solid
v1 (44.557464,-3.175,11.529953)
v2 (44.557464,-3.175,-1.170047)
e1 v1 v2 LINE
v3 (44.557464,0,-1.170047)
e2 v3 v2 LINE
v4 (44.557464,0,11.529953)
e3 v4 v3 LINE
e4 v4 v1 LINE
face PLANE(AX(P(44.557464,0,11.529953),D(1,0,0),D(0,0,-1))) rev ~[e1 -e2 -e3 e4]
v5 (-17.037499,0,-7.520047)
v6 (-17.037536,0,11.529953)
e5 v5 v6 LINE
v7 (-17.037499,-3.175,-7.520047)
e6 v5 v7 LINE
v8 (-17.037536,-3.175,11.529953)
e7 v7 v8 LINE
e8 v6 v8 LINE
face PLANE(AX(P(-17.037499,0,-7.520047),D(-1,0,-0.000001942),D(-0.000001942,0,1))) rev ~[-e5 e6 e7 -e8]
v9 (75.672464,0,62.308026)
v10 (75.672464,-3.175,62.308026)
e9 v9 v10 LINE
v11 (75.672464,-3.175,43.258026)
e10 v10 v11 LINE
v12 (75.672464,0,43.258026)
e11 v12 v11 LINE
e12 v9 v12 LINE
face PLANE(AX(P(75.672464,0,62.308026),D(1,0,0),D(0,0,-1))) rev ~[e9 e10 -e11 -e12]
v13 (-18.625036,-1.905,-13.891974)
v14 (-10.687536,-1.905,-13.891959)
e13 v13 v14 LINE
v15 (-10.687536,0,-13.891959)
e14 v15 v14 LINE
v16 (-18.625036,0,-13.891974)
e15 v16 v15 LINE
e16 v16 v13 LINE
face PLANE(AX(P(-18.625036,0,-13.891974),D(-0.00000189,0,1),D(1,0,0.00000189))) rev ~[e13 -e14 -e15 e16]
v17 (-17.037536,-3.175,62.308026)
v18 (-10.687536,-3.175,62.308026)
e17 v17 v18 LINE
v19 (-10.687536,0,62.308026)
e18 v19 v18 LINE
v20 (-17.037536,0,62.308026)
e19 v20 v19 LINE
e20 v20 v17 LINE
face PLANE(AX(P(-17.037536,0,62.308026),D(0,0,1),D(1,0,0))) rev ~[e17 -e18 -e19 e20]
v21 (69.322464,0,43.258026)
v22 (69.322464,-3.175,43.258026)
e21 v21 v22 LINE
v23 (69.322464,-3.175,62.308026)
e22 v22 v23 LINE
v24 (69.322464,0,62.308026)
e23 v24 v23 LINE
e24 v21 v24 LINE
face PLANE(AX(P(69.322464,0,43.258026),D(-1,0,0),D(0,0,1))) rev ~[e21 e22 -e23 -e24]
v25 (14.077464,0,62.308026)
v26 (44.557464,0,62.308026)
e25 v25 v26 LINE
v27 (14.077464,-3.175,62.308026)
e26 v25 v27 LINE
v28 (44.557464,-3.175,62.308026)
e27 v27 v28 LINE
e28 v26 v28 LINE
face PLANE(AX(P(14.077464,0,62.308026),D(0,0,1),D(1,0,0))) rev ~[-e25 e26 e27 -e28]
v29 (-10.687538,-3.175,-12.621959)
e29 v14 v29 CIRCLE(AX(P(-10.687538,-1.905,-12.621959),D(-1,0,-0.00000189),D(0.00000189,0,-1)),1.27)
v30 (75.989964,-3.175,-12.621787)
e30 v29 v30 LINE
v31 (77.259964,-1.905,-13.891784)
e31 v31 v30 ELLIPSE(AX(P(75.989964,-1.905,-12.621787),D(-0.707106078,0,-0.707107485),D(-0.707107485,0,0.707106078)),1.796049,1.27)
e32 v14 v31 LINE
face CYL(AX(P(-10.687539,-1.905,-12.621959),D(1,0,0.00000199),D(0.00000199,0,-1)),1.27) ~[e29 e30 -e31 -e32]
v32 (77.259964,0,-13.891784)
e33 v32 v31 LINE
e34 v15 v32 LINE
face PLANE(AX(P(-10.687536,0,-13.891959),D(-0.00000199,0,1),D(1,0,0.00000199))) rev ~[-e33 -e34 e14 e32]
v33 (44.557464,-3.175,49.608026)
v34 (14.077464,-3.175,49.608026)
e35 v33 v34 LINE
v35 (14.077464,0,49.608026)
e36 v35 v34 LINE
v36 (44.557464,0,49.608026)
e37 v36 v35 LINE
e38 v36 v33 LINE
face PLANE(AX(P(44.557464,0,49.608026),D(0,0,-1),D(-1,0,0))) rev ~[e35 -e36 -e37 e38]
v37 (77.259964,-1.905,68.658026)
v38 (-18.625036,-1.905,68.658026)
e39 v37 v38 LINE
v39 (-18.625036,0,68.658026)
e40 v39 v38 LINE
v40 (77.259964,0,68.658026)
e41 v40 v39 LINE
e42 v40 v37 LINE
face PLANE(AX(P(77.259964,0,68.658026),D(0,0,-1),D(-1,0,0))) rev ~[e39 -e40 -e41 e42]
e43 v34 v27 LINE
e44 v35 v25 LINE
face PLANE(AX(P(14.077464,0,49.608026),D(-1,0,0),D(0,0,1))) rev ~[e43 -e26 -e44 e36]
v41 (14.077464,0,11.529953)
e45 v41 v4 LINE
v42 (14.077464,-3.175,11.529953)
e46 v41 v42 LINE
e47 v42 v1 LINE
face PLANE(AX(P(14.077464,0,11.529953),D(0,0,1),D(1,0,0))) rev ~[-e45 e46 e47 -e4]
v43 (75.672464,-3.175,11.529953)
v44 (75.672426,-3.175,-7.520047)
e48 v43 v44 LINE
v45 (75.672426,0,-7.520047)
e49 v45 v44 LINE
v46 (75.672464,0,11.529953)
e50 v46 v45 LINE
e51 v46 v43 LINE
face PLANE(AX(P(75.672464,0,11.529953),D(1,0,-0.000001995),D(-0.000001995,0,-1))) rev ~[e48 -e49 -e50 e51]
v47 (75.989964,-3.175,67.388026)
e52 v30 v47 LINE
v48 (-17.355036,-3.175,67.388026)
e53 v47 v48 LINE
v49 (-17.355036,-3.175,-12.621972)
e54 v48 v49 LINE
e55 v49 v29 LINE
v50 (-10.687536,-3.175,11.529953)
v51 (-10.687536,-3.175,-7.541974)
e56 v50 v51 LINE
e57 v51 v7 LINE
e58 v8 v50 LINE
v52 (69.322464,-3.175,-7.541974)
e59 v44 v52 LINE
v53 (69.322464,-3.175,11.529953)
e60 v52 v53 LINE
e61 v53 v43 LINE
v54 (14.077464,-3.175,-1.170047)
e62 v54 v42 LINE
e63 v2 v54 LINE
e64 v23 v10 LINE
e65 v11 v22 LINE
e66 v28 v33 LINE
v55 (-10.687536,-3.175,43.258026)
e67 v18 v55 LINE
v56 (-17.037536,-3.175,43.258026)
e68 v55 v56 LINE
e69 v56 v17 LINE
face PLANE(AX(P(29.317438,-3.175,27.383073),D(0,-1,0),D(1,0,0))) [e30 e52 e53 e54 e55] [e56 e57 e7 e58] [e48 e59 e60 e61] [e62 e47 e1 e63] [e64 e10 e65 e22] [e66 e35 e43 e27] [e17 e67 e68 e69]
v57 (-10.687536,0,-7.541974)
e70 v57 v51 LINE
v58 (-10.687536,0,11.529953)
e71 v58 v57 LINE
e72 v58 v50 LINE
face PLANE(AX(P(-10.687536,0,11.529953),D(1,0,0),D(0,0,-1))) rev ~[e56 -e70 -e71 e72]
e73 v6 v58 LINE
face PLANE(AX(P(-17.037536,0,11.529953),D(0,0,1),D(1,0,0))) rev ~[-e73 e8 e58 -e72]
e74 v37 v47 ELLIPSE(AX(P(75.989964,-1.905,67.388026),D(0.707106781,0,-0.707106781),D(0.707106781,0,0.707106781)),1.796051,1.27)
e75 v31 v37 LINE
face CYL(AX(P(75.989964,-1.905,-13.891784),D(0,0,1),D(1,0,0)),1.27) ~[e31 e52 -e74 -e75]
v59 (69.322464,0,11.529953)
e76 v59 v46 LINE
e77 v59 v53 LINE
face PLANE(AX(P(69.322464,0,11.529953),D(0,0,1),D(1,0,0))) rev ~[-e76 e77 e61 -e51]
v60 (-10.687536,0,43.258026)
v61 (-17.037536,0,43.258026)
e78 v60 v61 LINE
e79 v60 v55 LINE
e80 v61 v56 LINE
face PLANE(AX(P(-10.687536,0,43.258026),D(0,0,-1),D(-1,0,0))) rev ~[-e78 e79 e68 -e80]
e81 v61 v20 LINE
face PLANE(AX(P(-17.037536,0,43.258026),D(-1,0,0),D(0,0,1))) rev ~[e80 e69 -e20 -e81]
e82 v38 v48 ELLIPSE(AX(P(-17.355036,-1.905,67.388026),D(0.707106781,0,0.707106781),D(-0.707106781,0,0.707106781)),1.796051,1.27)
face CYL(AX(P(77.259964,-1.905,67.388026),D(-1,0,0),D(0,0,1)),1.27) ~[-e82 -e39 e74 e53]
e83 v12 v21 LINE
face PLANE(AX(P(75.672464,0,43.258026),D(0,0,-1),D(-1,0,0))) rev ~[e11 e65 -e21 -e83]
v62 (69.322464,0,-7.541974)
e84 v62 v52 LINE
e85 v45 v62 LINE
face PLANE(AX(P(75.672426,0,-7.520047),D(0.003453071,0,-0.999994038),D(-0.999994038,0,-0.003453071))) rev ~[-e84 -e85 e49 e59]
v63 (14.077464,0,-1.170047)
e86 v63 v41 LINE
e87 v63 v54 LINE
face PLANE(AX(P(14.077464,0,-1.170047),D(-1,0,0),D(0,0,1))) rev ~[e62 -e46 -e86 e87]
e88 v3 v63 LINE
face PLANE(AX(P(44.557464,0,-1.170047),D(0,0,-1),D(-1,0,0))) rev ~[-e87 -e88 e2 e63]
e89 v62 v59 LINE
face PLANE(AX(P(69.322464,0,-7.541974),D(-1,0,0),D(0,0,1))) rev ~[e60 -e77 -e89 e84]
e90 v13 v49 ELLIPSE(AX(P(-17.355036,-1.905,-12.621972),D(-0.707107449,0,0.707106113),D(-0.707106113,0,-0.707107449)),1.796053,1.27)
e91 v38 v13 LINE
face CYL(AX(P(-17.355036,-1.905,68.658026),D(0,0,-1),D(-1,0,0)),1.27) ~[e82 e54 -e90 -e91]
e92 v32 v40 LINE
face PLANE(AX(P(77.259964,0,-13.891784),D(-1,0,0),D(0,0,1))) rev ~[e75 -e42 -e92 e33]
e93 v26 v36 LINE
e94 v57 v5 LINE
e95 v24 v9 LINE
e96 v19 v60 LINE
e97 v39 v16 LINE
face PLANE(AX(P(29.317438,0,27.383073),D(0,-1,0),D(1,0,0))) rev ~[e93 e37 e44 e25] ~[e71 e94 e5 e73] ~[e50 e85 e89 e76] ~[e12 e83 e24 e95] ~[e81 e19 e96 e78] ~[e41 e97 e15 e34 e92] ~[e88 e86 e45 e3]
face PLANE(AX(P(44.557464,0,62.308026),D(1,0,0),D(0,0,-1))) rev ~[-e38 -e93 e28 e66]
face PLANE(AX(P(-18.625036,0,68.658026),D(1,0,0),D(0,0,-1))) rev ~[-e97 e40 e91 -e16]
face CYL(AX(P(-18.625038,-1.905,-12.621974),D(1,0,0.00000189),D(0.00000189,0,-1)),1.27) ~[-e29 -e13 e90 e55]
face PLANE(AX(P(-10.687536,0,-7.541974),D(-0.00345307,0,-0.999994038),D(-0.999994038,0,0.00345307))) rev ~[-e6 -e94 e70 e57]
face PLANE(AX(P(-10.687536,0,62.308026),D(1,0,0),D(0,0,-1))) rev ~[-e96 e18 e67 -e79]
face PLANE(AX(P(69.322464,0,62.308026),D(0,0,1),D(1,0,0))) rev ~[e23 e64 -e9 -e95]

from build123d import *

# Parameters (mm, degrees)
F1_DEPTH = 3.175
F2_R     = 1.27


with BuildPart() as f1:
    # F0 (on Front) → F1 (new body)
    with BuildSketch(Plane.XZ):
        Polygon((77.259964, 68.658026), (-18.625036, 68.658026), (-18.625036, -13.891974), (-10.687536, -13.891959), (77.259964, -13.891784), align=None)
        Polygon((-10.687536, 11.529953), (-10.687536, -7.541974), (-17.037499, -7.520047), (-17.037536, 11.529953), align=None, mode=Mode.SUBTRACT)
        Polygon((14.077464, 11.529953), (29.317464, 11.529953), (44.557464, 11.529953), (44.557464, -1.170047), (14.077464, -1.170047), align=None, mode=Mode.SUBTRACT)
        Polygon((69.322464, 11.529953), (75.672464, 11.529953), (75.672426, -7.520047), (69.322464, -7.541974), align=None, mode=Mode.SUBTRACT)
        Polygon((-17.037536, 62.308026), (-13.862536, 62.308026), (-10.687536, 62.308026), (-10.687536, 43.258026), (-17.037536, 43.258026), align=None, mode=Mode.SUBTRACT)
        Polygon((14.077464, 62.308026), (29.317464, 62.308026), (44.557464, 62.308026), (44.557464, 49.608026), (14.077464, 49.608026), align=None, mode=Mode.SUBTRACT)
        Polygon((69.322464, 43.258026), (69.322464, 62.308026), (72.497464, 62.308026), (75.672464, 62.308026), (75.672464, 43.258026), align=None, mode=Mode.SUBTRACT)
    extrude(amount=F1_DEPTH)

    # F2
    f2_edges = [f1.edges().sort_by_distance(p)[0] for p in [
        (77.259964, -3.175, 27.383121),
        (29.317464, -3.175, 68.658026),
        (-18.625036, -3.175, 27.383026),
        (29.317464, -3.175, -13.891879),
    ]]
    fillet(f2_edges, radius=F2_R)


solid = f1.part
